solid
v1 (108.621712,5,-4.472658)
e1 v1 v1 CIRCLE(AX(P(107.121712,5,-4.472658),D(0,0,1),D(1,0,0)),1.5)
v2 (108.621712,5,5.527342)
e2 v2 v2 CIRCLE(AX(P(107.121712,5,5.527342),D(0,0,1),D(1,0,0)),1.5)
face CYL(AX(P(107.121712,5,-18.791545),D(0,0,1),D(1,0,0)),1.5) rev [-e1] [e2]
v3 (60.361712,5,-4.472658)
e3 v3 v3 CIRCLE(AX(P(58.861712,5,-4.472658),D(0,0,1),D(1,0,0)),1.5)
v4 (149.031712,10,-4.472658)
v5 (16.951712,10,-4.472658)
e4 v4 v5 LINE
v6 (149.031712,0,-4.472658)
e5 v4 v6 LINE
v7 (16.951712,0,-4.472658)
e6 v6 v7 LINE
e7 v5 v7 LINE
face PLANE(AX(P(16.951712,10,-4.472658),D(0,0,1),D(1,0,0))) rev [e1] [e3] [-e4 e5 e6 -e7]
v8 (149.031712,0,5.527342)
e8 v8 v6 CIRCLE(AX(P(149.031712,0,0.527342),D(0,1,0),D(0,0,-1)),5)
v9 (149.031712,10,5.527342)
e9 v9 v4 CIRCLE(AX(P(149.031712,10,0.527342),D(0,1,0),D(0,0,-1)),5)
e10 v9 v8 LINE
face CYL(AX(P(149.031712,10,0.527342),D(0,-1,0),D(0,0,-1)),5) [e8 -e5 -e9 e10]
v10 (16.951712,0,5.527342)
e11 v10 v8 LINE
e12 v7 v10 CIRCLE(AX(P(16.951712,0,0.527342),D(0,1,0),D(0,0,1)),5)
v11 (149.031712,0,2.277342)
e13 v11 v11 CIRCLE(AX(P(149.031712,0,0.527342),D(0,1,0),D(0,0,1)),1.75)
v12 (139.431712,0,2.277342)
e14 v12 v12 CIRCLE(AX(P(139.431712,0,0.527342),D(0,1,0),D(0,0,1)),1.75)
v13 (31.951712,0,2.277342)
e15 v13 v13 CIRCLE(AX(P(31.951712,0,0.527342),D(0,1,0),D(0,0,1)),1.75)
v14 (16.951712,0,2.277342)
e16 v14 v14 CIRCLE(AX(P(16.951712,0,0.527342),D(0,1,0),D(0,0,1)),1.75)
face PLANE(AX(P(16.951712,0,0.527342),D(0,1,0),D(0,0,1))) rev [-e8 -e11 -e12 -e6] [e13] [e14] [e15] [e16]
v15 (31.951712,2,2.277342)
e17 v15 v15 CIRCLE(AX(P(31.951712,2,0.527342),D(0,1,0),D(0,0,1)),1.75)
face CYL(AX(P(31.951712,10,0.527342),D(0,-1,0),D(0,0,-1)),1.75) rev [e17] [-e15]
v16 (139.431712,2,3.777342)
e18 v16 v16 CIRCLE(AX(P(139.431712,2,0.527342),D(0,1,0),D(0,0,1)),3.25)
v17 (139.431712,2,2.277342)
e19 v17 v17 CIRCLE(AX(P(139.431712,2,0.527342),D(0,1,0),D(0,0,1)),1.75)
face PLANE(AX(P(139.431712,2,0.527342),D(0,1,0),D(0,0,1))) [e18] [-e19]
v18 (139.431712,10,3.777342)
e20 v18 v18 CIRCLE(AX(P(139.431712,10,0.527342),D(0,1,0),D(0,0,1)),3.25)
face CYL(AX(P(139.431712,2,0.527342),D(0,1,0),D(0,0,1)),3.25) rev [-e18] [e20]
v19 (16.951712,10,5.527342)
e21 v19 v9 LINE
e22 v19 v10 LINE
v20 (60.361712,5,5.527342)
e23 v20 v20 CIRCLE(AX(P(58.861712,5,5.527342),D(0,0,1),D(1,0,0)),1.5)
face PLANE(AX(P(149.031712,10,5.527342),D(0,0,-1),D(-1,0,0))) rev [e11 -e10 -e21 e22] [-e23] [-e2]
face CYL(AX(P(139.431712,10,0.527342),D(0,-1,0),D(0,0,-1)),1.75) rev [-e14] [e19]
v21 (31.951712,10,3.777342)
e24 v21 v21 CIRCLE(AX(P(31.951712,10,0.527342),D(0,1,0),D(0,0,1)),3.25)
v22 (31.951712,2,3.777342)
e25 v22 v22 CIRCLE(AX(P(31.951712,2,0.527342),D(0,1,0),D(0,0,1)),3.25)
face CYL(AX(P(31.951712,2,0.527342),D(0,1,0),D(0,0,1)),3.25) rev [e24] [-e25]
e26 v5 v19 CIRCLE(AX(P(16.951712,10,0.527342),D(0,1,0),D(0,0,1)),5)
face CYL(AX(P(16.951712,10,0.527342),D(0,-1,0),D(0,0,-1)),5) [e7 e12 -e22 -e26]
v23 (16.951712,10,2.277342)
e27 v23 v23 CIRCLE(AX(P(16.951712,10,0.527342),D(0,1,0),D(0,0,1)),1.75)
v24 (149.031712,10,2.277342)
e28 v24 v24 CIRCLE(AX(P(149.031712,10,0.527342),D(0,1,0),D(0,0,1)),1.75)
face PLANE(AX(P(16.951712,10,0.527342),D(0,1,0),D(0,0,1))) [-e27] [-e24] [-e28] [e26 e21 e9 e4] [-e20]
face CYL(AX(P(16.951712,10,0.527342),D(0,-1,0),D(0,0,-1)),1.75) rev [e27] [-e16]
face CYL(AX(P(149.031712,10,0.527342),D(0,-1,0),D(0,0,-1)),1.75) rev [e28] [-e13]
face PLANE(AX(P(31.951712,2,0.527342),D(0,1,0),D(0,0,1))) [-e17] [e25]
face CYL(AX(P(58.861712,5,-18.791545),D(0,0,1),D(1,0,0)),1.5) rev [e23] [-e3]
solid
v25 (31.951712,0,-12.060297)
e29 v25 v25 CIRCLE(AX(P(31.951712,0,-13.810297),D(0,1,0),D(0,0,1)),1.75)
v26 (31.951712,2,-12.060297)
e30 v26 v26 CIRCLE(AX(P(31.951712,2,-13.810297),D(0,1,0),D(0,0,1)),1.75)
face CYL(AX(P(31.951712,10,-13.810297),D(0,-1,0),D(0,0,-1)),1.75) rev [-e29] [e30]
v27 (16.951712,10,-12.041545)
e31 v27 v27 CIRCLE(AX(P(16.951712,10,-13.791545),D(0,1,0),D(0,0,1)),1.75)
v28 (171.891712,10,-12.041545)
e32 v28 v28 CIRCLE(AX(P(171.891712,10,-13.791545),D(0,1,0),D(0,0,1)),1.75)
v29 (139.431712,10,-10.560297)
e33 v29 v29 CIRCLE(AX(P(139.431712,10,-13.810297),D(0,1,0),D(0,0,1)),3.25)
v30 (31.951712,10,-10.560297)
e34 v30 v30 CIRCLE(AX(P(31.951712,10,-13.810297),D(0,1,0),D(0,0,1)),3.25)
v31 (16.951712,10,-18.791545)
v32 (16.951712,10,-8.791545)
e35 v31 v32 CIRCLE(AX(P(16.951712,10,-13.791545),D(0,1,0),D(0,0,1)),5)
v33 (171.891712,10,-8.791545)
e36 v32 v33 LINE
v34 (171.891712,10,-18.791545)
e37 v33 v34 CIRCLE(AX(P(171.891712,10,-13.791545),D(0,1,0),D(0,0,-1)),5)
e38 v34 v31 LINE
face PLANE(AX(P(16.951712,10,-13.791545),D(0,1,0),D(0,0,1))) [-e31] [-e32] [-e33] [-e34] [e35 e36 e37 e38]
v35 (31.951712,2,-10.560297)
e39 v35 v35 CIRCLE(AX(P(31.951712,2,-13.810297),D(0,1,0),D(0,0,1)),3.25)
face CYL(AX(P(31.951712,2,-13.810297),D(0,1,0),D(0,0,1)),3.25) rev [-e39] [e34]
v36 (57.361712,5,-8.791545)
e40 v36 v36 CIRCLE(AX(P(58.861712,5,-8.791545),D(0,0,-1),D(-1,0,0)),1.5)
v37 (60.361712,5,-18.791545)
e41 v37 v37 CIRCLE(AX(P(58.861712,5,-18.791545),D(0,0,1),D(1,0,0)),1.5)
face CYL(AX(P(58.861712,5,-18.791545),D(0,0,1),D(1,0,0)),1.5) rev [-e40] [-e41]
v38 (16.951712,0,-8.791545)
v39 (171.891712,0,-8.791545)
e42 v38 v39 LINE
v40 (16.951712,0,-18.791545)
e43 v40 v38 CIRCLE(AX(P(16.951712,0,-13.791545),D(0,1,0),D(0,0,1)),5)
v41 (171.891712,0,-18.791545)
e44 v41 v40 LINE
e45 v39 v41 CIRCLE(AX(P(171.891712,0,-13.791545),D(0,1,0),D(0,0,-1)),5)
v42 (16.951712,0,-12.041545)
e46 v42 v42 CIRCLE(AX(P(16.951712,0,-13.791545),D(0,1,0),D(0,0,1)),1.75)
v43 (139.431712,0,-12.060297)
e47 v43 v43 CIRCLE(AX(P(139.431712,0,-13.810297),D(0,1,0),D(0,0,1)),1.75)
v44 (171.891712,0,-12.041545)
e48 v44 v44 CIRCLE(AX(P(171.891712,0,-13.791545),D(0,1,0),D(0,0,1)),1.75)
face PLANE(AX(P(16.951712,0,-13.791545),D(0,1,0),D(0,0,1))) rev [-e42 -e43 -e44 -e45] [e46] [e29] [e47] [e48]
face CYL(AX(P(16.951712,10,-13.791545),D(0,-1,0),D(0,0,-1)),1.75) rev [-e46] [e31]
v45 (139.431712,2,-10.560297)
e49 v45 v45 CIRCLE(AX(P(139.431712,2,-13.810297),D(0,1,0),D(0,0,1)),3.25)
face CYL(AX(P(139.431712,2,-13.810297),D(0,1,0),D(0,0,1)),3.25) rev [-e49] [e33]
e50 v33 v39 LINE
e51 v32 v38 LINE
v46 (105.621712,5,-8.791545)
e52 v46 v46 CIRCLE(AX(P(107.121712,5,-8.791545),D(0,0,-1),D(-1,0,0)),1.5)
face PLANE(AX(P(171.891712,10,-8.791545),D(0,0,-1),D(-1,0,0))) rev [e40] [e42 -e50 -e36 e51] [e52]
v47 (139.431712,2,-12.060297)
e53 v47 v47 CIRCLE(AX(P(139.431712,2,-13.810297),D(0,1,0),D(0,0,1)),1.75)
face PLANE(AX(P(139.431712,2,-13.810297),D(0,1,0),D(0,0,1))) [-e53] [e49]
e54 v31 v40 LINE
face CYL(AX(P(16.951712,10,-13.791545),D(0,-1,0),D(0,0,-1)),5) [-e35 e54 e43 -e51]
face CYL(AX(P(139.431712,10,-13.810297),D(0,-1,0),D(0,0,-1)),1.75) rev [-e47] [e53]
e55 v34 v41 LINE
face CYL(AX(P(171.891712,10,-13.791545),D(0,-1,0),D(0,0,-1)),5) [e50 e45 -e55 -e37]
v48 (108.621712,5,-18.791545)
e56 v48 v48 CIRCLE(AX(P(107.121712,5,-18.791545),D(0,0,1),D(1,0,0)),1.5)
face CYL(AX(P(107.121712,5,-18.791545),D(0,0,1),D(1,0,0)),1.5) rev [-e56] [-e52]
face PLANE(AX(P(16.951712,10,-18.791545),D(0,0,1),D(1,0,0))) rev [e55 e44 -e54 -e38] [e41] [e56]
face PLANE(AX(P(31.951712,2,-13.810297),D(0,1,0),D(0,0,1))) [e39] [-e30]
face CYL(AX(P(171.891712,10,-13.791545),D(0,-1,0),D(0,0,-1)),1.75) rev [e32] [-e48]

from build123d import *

# Parameters (mm, degrees)
SKETCH1_R             = 1.75
BOSS_EXTRUDE1_DEPTH   = 10
BOSS_EXTRUDE1_2_DEPTH = 10
SKETCH2_R             = 1.5
CUT_EXTRUDE1_DEPTH    = 179.835360122
SKETCH4_R             = 3.25
CUT_EXTRUDE2_DEPTH    = 8


with BuildPart() as part:
    # Sketch1 → Boss-Extrude1 (new body)
    with BuildSketch(Plane(origin=(0, 0, 0), x_dir=(1, 0, 0), z_dir=(0, 1, 0))):
        with BuildLine():
            Line((16.951711967, 18.791545065), (171.891711967, 18.791545065))
            ThreePointArc((171.891711967, 18.791545065), (176.891711967, 13.791545065), (171.891711967, 8.791545065))
            Line((171.891711967, 8.791545065), (16.951711967, 8.791545065))
            ThreePointArc((16.951711967, 8.791545065), (11.951711967, 13.791545065), (16.951711967, 18.791545065))
        make_face()
        with Locations(Location((16.951711967, 13.791545065, 0), (0, 0, 270))):
            Circle(SKETCH1_R, mode=Mode.SUBTRACT)
        with Locations(Location((31.951711967, 13.810297164, 0), (0, 0, 270))):
            Circle(SKETCH1_R, mode=Mode.SUBTRACT)
        with Locations(Location((139.431711967, 13.810297164, 0), (0, 0, 270))):
            Circle(SKETCH1_R, mode=Mode.SUBTRACT)
        with Locations(Location((171.891711967, 13.791545065, 0), (0, 0, 270))):
            Circle(SKETCH1_R, mode=Mode.SUBTRACT)
    extrude(amount=BOSS_EXTRUDE1_DEPTH)


with BuildPart() as body_2:
    # Sketch1 → Boss-Extrude1 2 (new body)
    with BuildSketch(Plane(origin=(0, 0, 0), x_dir=(1, 0, 0), z_dir=(0, 1, 0))):
        with BuildLine():
            Line((16.951711967, 4.472658016), (149.031711967, 4.472658016))
            ThreePointArc((149.031711967, 4.472658016), (154.031711967, -0.527341984), (149.031711967, -5.527341984))
            Line((149.031711967, -5.527341984), (16.951711967, -5.527341984))
            ThreePointArc((16.951711967, -5.527341984), (11.951711967, -0.527341984), (16.951711967, 4.472658016))
        make_face()
        with Locations(Location((16.951711967, -0.527341984, 0), (0, 0, 270))):
            Circle(SKETCH1_R, mode=Mode.SUBTRACT)
        with Locations(Location((31.951711967, -0.527341984, 0), (0, 0, 270))):
            Circle(SKETCH1_R, mode=Mode.SUBTRACT)
        with Locations(Location((139.431711967, -0.527341984, 0), (0, 0, 270))):
            Circle(SKETCH1_R, mode=Mode.SUBTRACT)
        with Locations(Location((149.031711967, -0.527341984, 0), (0, 0, 270))):
            Circle(SKETCH1_R, mode=Mode.SUBTRACT)
    extrude(amount=BOSS_EXTRUDE1_2_DEPTH)


with BuildPart() as cut_extrude1_tool:
    # Sketch2 → Cut-Extrude1 (new, through all)
    with BuildSketch(Plane.XY.offset(5.527341984)):
        with Locations((58.861711967, 5)):
            Circle(SKETCH2_R)
        with Locations((107.121711967, 5)):
            Circle(SKETCH2_R)
    extrude(amount=-CUT_EXTRUDE1_DEPTH)


with BuildPart() as part_1:
    add(part.part)

    # Cut-Extrude1: cut by cut_extrude1_tool
    add(cut_extrude1_tool.part, mode=Mode.SUBTRACT)


with BuildPart() as body_2_1:
    add(body_2.part)

    # Cut-Extrude1: cut by cut_extrude1_tool
    add(cut_extrude1_tool.part, mode=Mode.SUBTRACT)


with BuildPart() as cut_extrude2_tool:
    # Sketch4 → Cut-Extrude2 (new body)
    with BuildSketch(Plane(origin=(0, 10, 0), x_dir=(1, 0, 0), z_dir=(0, 1, 0))):
        with Locations(Location((31.951711967, 13.810297164, 0), (0, 0, 270))):
            Circle(SKETCH4_R)
        with Locations(Location((31.951711967, -0.527341984, 0), (0, 0, 270))):
            Circle(SKETCH4_R)
        with Locations(Location((139.431711967, -0.527341984, 0), (0, 0, 270))):
            Circle(SKETCH4_R)
        with Locations(Location((139.431711967, 13.810297164, 0), (0, 0, 270))):
            Circle(SKETCH4_R)
    extrude(amount=-CUT_EXTRUDE2_DEPTH)


with BuildPart() as part_2:
    add(part_1.part)

    # Cut-Extrude2: cut by cut_extrude2_tool
    add(cut_extrude2_tool.part, mode=Mode.SUBTRACT)


with BuildPart() as body_2_2:
    add(body_2_1.part)

    # Cut-Extrude2: cut by cut_extrude2_tool
    add(cut_extrude2_tool.part, mode=Mode.SUBTRACT)


solid = Compound([part_2.part, body_2_2.part])
